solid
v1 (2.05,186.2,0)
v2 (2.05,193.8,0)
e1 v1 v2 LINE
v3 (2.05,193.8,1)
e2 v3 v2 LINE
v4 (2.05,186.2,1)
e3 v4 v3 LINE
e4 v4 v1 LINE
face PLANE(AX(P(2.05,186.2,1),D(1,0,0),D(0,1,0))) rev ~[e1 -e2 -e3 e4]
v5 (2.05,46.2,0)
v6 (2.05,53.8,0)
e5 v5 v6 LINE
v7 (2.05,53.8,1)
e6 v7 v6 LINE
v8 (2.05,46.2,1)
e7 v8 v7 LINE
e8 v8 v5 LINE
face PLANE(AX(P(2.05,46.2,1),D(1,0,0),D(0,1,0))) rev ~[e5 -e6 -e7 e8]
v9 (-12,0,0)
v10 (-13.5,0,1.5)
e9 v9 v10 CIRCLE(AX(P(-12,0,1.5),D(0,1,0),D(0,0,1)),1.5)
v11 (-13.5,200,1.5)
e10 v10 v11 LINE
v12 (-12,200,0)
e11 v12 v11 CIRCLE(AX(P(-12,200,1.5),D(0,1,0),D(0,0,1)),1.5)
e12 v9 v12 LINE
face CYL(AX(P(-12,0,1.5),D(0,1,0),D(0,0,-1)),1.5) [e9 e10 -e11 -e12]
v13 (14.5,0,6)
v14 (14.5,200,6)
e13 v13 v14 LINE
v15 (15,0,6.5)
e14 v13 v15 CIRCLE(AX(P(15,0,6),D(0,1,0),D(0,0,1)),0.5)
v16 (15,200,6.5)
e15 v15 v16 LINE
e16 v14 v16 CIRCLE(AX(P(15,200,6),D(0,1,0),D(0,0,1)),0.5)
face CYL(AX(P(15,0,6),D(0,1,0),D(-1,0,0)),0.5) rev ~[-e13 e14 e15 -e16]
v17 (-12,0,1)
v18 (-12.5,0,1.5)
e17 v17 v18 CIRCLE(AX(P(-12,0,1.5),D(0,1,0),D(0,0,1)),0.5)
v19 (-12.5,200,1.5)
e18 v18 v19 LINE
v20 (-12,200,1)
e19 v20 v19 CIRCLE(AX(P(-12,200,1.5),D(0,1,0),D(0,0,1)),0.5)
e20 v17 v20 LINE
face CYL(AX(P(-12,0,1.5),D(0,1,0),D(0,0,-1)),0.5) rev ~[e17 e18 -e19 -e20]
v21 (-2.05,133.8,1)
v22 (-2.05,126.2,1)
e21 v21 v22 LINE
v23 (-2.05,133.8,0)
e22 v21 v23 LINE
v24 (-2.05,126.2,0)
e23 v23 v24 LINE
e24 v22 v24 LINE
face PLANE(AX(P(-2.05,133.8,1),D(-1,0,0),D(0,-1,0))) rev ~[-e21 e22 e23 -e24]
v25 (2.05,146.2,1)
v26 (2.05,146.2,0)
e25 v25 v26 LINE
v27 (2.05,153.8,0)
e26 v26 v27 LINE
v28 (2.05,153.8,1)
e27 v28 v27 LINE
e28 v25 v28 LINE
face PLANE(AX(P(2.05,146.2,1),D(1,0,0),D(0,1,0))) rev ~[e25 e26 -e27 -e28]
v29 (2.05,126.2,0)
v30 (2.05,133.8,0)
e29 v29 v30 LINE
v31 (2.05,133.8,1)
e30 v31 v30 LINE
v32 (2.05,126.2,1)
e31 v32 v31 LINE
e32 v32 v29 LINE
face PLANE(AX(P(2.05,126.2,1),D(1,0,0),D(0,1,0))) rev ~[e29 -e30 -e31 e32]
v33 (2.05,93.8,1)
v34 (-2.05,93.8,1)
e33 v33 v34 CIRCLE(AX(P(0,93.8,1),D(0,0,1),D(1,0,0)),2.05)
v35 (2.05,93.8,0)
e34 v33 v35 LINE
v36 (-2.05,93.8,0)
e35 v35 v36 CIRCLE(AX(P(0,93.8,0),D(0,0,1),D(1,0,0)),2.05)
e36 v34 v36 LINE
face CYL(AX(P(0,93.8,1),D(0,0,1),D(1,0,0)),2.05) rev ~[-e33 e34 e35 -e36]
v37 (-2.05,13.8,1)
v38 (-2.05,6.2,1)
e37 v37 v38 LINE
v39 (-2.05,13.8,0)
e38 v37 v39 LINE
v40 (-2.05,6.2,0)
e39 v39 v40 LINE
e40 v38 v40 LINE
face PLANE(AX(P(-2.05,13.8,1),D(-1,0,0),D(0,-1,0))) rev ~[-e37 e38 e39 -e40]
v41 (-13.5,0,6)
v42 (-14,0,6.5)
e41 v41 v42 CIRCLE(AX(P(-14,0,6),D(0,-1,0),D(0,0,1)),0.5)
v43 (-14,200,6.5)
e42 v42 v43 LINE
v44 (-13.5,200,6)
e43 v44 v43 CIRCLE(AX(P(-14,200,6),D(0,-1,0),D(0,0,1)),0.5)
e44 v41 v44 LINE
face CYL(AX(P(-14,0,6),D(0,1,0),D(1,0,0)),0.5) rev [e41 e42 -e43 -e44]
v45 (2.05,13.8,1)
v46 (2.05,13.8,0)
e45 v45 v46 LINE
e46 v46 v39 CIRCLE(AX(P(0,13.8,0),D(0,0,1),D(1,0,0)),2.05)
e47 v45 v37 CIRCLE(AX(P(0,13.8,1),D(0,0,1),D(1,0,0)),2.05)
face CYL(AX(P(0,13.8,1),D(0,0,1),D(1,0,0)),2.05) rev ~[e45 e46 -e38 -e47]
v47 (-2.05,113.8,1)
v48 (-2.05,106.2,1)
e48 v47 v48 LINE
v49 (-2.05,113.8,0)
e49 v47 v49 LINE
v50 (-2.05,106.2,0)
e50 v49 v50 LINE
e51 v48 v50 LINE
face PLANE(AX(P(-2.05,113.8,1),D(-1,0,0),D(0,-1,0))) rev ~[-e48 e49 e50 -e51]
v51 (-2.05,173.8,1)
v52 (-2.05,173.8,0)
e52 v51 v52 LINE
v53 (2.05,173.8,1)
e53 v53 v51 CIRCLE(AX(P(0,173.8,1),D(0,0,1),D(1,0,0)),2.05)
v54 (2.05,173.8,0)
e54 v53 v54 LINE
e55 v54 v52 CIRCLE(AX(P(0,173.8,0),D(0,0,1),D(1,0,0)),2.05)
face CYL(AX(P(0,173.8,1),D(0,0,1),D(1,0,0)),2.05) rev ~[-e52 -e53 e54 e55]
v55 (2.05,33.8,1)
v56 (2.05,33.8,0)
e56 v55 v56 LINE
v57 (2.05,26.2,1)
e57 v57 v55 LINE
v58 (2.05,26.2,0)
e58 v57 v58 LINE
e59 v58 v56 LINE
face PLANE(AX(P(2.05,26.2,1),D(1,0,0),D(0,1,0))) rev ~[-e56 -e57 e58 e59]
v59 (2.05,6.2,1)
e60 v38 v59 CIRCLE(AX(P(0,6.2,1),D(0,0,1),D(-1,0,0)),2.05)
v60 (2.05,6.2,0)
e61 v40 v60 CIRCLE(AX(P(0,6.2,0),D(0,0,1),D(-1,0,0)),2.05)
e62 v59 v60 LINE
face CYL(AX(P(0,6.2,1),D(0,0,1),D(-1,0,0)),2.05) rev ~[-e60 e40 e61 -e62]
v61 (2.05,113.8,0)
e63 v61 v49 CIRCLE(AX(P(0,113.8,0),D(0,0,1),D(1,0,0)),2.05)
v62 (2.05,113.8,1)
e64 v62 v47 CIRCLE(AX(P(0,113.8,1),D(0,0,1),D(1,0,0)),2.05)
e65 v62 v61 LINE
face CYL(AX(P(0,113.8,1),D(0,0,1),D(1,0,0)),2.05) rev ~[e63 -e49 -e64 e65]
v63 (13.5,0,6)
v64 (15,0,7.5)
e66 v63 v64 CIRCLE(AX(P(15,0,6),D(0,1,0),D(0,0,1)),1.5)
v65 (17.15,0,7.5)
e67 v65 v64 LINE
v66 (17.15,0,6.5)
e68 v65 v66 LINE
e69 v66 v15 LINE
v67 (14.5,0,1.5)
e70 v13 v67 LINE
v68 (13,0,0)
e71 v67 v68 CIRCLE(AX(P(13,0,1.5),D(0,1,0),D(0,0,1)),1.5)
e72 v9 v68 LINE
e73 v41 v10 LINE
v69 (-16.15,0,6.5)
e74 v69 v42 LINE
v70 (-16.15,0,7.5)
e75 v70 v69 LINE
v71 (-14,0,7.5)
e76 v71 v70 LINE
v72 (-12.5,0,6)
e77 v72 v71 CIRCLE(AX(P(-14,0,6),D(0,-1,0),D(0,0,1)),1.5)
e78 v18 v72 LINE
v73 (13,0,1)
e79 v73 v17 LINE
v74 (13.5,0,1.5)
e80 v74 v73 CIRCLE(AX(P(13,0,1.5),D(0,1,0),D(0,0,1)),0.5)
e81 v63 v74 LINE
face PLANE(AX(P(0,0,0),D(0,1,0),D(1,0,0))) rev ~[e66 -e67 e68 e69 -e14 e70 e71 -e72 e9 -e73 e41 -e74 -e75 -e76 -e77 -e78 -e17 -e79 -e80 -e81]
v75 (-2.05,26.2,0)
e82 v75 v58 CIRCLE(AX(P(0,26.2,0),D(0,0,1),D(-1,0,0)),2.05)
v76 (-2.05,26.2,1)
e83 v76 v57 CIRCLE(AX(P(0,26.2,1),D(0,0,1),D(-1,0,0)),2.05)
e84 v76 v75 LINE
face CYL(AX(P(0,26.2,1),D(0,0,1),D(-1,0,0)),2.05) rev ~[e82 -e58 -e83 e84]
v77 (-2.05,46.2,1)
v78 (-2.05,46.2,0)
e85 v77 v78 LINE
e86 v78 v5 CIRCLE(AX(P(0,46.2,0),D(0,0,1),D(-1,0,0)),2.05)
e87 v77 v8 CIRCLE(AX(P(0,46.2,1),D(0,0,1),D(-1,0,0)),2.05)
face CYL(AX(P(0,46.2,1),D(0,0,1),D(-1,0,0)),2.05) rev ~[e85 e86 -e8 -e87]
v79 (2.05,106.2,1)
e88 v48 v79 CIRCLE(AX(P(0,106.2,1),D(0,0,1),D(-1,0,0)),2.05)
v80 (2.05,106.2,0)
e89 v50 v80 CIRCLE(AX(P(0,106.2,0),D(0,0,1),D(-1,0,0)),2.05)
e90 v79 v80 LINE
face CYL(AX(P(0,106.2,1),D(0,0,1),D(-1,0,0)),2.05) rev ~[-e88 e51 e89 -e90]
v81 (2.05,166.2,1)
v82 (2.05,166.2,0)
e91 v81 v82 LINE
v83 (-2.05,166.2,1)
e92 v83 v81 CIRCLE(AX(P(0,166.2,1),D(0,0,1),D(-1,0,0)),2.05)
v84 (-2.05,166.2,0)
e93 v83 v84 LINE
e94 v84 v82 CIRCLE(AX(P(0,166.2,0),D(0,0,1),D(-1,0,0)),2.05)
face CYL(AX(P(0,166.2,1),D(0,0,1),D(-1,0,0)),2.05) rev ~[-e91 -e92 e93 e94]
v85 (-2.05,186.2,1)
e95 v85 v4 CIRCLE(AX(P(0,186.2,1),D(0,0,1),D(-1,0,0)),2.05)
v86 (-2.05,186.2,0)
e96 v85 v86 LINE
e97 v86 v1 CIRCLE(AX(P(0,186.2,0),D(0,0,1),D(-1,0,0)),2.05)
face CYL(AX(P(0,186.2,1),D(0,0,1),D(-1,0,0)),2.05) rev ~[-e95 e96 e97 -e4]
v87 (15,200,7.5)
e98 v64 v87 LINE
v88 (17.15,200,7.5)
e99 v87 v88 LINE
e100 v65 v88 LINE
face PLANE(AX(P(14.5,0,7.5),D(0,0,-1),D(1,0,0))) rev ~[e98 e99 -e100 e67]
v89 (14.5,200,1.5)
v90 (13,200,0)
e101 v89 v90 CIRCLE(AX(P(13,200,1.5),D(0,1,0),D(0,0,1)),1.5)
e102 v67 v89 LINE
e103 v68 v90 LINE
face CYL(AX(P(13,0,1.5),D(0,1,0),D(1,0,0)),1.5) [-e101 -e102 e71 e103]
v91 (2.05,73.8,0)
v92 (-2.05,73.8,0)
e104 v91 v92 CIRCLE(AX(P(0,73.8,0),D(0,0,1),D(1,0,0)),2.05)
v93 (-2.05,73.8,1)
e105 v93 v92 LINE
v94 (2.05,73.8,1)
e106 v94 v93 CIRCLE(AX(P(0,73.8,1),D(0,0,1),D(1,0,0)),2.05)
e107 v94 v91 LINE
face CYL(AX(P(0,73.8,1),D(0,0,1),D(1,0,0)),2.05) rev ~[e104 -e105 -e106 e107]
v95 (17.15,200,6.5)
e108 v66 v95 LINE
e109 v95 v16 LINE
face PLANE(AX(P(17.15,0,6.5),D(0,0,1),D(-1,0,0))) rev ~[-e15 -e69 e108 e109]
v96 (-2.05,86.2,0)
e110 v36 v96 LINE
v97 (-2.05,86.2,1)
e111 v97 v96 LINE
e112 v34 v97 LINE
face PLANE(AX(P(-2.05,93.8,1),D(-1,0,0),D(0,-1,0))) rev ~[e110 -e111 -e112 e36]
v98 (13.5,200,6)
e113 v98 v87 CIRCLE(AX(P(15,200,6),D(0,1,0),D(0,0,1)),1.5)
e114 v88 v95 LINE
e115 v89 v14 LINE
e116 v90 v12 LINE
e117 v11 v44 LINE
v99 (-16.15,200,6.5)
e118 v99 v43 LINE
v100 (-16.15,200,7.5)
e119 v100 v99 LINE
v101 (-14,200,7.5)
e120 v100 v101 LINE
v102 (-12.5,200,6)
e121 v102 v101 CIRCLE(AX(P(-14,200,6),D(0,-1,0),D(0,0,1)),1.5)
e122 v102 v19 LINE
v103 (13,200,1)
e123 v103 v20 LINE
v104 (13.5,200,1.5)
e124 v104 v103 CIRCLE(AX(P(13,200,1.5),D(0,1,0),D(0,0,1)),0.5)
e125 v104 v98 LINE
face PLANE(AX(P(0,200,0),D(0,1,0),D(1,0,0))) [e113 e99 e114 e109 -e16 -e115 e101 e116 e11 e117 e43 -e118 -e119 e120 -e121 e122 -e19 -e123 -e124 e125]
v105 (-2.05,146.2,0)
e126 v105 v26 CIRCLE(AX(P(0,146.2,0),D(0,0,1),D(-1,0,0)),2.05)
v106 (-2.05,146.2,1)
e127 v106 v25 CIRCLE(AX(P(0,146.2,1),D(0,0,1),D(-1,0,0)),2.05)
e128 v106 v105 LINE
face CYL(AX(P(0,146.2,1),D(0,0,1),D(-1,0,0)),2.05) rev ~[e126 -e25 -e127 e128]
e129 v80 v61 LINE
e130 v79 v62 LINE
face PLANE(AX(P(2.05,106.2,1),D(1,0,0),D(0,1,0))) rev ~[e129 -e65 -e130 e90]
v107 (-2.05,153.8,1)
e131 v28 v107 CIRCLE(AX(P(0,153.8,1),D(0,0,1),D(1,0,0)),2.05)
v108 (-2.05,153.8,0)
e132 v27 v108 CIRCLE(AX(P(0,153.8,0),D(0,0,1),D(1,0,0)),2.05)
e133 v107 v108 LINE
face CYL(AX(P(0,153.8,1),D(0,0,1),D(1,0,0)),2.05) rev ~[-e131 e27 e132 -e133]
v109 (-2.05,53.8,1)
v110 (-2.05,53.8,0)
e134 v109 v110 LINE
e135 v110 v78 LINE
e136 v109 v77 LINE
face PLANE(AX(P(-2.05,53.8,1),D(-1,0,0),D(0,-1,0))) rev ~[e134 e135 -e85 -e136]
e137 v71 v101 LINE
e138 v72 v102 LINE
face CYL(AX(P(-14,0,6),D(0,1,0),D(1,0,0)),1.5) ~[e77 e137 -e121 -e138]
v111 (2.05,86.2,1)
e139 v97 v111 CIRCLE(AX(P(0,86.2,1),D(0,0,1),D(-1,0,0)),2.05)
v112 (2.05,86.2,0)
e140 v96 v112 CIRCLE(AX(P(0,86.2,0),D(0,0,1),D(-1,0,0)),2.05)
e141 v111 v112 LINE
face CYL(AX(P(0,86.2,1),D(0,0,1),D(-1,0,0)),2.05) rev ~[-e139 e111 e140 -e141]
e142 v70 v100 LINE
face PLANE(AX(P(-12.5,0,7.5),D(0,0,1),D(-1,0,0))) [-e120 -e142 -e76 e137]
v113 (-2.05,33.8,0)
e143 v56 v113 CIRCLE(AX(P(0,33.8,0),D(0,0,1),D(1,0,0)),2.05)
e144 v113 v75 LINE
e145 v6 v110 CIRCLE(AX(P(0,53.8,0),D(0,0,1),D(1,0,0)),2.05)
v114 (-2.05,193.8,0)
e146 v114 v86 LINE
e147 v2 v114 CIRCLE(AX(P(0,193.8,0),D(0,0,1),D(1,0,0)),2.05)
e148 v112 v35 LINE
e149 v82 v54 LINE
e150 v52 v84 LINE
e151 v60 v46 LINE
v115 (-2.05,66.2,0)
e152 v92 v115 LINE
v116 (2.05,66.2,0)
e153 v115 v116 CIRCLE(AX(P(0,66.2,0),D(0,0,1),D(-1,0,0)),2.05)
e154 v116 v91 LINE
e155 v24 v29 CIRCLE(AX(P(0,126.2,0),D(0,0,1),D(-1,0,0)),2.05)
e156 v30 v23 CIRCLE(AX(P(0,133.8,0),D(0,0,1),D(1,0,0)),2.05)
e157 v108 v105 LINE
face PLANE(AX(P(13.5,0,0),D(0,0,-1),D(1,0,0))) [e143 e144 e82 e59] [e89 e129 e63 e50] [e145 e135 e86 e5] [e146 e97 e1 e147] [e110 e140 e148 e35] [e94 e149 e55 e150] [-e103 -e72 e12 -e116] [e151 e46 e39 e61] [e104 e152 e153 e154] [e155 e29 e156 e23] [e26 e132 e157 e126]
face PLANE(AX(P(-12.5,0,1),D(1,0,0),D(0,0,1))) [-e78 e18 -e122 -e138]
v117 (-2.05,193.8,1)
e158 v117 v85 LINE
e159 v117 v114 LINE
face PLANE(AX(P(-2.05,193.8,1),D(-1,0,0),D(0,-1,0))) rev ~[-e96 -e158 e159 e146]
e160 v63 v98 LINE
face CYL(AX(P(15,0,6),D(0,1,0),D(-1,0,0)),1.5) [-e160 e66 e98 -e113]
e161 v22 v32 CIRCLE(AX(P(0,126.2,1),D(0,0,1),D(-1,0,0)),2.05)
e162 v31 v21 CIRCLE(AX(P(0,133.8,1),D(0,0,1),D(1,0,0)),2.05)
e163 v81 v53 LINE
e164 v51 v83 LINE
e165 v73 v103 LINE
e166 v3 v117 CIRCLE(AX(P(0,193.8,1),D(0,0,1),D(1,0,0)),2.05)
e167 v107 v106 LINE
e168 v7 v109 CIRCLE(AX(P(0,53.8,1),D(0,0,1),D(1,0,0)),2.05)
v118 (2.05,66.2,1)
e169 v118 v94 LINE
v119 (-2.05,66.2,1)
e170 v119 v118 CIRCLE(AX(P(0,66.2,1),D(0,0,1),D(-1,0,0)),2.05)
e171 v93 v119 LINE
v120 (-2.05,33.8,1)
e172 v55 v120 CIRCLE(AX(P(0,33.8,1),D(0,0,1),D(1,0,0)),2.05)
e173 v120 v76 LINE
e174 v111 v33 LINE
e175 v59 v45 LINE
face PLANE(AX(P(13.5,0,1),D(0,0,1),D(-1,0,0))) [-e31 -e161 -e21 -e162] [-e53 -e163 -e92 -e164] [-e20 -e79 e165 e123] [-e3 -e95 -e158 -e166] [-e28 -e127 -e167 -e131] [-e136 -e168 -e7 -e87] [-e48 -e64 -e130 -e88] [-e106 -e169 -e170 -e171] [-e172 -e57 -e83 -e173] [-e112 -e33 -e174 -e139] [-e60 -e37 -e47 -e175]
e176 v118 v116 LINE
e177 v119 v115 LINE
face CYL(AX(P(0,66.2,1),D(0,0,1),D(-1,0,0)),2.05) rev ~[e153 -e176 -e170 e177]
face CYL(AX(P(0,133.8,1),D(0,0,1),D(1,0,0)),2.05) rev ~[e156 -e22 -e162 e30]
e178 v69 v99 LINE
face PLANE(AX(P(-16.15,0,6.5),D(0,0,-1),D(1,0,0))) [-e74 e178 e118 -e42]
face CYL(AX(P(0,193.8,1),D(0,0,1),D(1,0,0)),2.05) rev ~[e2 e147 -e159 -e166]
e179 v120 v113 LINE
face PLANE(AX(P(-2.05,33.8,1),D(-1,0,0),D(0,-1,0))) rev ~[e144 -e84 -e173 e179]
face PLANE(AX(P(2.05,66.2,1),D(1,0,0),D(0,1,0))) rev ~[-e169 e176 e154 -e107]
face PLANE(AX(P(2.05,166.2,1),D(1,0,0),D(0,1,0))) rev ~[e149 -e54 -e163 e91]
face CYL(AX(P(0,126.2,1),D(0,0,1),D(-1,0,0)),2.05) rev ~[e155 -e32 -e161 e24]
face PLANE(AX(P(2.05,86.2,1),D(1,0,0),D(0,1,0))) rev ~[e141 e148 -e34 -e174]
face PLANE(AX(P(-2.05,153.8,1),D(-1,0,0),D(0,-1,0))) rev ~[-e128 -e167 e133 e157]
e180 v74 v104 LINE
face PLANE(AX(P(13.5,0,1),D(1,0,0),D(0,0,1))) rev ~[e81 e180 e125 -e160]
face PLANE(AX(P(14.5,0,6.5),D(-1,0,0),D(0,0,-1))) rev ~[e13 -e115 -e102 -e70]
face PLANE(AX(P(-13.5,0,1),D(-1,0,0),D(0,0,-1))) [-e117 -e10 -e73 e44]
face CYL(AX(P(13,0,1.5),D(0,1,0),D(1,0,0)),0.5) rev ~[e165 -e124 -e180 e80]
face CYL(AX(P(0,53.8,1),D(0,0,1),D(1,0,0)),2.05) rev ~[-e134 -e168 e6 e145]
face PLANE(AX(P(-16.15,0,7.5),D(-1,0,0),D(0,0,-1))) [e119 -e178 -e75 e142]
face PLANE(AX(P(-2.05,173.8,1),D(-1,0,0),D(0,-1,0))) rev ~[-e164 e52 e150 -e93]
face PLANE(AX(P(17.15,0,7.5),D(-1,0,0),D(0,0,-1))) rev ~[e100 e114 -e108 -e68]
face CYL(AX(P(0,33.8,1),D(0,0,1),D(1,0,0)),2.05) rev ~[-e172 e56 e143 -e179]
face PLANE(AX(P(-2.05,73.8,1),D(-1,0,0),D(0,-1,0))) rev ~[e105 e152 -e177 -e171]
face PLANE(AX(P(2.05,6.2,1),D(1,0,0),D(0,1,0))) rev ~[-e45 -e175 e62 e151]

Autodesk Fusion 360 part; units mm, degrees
sketch "Skizze1" plane through (0, 0, 0) normal (0, 1, 0) x (1, 0, 0)
  line L0 (14.5, -1) -> (-13.5, -1)
  line L1 (-13.5, -1) -> (-13.5, 0)
  line L2 (-13.5, 0) -> (14.5, 0)
  line L3 (14.5, 0) -> (14.5, -1)
  line L4 (14.5, -1) -> (-13.5, 0) construction
  line L5 (-13.5, -1) -> (14.5, 0) construction
  line L6 (-13.5, 0) -> (-12.5, 0)
  line L7 (-12.5, 0) -> (-12.5, -7.5)
  line L8 (-12.5, -7.5) -> (-13.5, -7.5)
  line L9 (-13.5, -7.5) -> (-13.5, 0)
  line L10 (14.5, 0) -> (13.5, 0)
  line L11 (13.5, 0) -> (13.5, -7.5)
  line L12 (13.5, -7.5) -> (14.5, -7.5)
  line L13 (14.5, -7.5) -> (14.5, 0)
  line L14 (-12.5, -7.5) -> (-16.15, -7.5)
  line L15 (-16.15, -7.5) -> (-16.15, -6.5)
  line L16 (-16.15, -6.5) -> (-12.5, -6.5)
  line L17 (-12.5, -6.5) -> (-12.5, -7.5)
  line L18 (13.5, -7.5) -> (17.15, -7.5)
  line L19 (17.15, -7.5) -> (17.15, -6.5)
  line L20 (17.15, -6.5) -> (13.5, -6.5)
  line L21 (13.5, -6.5) -> (13.5, -7.5)
  point P0 (0.5, -0.5)
  dimension "d7" = 28
  dimension "d8" = 1
  dimension "d9" = 7.5
  dimension "d10" = 1
  dimension "d11" = 7.5
  dimension "d12" = 1
  dimension "d13" = 3.65
  dimension "d14" = 1
  dimension "d15" = 3.65
  dimension "d16" = 1
extrude "Extrusion1" add sketch "Skizze1" along normal blind 200
fillet "Abrundung1" radius 1.5 4 edges at (13.5, 100, 7.5) (-12.5, 100, 7.5) (14.5, 100, 0) (-13.5, 100, 0)
fillet "Abrundung2" radius 0.5 4 edges at (-13.5, 100, 6.5) (14.5, 100, 6.5) (13.5, 100, 1) (-12.5, 100, 1)
sketch "Skizze2" plane through (0, 0, 1) normal (0, 0, 1) x (-1, 0, 0)
  line L0 (12, -200) -> (12, 0)
  line L1 (12, 0) -> (-13, 0)
  line L2 (-13, 0) -> (-13, -200)
  line L3 (-13, -200) -> (12, -200)
  line L4 (0, 0) -> (0, -4.15) construction
  line L5 (-2.05, -6.2) -> (-2.05, -13.8)
  arc A0 (-2.05, -13.8) -> (2.05, -13.8) centre (0, -13.8) ccw
  line L6 (2.05, -13.8) -> (2.05, -6.2)
  arc A1 (2.05, -6.2) -> (-2.05, -6.2) centre (0, -6.2) ccw
  line L7 (0, -4.15) -> (0, -15.85) construction
  point P0 (0, -4.15)
  dimension "d26" = 4.15
  dimension "d34" = 11.7
  dimension "d35" = 4.1
extrude "Extrusion2" cut sketch "Skizze2" against normal blind 1 contours L5 A0 L6 A1
pattern_linear "R-Anordnung1" count 10 spacing 20 along (0, 1, 0) of "Extrusion2"
equation "InnerWidth = 28 mm" comment "BI"
equation "OuterWidth = 35.3 mm" comment "35"
equation "Height = 7.5 mm" comment "h"
equation "Thickness = 1 mm" comment "D"
equation "Length = 200 mm" comment "L"
equation "SlotDistance = 25 mm" comment "ALL"
equation "d7 = InnerWidth"
equation "d8 = Thickness"
equation "d9 = Height"
equation "d10 = Thickness"
equation "d11 = Height"
equation "d12 = Thickness"
equation "d13 = ( OuterWidth - InnerWidth ) / 2"
equation "d14 = Thickness"
equation "d15 = ( OuterWidth - InnerWidth ) / 2"
equation "d16 = Thickness"
equation "d17 = Length"
equation "OuterFillet = 1.5 mm" comment "R"
equation "d20 = OuterFillet"
equation "InnerFillet = OuterFillet - Thickness" comment "RK"
equation "d22 = InnerFillet"
equation "SlotWidth = 4.1 mm" comment "LLB"
equation "SlotLength = 11.7 mm" comment "LLH"
equation "SlotDistance2 = 20 mm" comment "LLA"
equation "d26 = ( ( Length - ( ( Length / SlotDistance2 ) * SlotLength ) ) / ( Length / SlotDistance2 ) ) / 2"
equation "d28 = -Thickness"
equation "d30 = Length / SlotDistance2"
equation "d32 = SlotDistance2"
equation "d34 = SlotLength"
equation "d35 = SlotWidth"
